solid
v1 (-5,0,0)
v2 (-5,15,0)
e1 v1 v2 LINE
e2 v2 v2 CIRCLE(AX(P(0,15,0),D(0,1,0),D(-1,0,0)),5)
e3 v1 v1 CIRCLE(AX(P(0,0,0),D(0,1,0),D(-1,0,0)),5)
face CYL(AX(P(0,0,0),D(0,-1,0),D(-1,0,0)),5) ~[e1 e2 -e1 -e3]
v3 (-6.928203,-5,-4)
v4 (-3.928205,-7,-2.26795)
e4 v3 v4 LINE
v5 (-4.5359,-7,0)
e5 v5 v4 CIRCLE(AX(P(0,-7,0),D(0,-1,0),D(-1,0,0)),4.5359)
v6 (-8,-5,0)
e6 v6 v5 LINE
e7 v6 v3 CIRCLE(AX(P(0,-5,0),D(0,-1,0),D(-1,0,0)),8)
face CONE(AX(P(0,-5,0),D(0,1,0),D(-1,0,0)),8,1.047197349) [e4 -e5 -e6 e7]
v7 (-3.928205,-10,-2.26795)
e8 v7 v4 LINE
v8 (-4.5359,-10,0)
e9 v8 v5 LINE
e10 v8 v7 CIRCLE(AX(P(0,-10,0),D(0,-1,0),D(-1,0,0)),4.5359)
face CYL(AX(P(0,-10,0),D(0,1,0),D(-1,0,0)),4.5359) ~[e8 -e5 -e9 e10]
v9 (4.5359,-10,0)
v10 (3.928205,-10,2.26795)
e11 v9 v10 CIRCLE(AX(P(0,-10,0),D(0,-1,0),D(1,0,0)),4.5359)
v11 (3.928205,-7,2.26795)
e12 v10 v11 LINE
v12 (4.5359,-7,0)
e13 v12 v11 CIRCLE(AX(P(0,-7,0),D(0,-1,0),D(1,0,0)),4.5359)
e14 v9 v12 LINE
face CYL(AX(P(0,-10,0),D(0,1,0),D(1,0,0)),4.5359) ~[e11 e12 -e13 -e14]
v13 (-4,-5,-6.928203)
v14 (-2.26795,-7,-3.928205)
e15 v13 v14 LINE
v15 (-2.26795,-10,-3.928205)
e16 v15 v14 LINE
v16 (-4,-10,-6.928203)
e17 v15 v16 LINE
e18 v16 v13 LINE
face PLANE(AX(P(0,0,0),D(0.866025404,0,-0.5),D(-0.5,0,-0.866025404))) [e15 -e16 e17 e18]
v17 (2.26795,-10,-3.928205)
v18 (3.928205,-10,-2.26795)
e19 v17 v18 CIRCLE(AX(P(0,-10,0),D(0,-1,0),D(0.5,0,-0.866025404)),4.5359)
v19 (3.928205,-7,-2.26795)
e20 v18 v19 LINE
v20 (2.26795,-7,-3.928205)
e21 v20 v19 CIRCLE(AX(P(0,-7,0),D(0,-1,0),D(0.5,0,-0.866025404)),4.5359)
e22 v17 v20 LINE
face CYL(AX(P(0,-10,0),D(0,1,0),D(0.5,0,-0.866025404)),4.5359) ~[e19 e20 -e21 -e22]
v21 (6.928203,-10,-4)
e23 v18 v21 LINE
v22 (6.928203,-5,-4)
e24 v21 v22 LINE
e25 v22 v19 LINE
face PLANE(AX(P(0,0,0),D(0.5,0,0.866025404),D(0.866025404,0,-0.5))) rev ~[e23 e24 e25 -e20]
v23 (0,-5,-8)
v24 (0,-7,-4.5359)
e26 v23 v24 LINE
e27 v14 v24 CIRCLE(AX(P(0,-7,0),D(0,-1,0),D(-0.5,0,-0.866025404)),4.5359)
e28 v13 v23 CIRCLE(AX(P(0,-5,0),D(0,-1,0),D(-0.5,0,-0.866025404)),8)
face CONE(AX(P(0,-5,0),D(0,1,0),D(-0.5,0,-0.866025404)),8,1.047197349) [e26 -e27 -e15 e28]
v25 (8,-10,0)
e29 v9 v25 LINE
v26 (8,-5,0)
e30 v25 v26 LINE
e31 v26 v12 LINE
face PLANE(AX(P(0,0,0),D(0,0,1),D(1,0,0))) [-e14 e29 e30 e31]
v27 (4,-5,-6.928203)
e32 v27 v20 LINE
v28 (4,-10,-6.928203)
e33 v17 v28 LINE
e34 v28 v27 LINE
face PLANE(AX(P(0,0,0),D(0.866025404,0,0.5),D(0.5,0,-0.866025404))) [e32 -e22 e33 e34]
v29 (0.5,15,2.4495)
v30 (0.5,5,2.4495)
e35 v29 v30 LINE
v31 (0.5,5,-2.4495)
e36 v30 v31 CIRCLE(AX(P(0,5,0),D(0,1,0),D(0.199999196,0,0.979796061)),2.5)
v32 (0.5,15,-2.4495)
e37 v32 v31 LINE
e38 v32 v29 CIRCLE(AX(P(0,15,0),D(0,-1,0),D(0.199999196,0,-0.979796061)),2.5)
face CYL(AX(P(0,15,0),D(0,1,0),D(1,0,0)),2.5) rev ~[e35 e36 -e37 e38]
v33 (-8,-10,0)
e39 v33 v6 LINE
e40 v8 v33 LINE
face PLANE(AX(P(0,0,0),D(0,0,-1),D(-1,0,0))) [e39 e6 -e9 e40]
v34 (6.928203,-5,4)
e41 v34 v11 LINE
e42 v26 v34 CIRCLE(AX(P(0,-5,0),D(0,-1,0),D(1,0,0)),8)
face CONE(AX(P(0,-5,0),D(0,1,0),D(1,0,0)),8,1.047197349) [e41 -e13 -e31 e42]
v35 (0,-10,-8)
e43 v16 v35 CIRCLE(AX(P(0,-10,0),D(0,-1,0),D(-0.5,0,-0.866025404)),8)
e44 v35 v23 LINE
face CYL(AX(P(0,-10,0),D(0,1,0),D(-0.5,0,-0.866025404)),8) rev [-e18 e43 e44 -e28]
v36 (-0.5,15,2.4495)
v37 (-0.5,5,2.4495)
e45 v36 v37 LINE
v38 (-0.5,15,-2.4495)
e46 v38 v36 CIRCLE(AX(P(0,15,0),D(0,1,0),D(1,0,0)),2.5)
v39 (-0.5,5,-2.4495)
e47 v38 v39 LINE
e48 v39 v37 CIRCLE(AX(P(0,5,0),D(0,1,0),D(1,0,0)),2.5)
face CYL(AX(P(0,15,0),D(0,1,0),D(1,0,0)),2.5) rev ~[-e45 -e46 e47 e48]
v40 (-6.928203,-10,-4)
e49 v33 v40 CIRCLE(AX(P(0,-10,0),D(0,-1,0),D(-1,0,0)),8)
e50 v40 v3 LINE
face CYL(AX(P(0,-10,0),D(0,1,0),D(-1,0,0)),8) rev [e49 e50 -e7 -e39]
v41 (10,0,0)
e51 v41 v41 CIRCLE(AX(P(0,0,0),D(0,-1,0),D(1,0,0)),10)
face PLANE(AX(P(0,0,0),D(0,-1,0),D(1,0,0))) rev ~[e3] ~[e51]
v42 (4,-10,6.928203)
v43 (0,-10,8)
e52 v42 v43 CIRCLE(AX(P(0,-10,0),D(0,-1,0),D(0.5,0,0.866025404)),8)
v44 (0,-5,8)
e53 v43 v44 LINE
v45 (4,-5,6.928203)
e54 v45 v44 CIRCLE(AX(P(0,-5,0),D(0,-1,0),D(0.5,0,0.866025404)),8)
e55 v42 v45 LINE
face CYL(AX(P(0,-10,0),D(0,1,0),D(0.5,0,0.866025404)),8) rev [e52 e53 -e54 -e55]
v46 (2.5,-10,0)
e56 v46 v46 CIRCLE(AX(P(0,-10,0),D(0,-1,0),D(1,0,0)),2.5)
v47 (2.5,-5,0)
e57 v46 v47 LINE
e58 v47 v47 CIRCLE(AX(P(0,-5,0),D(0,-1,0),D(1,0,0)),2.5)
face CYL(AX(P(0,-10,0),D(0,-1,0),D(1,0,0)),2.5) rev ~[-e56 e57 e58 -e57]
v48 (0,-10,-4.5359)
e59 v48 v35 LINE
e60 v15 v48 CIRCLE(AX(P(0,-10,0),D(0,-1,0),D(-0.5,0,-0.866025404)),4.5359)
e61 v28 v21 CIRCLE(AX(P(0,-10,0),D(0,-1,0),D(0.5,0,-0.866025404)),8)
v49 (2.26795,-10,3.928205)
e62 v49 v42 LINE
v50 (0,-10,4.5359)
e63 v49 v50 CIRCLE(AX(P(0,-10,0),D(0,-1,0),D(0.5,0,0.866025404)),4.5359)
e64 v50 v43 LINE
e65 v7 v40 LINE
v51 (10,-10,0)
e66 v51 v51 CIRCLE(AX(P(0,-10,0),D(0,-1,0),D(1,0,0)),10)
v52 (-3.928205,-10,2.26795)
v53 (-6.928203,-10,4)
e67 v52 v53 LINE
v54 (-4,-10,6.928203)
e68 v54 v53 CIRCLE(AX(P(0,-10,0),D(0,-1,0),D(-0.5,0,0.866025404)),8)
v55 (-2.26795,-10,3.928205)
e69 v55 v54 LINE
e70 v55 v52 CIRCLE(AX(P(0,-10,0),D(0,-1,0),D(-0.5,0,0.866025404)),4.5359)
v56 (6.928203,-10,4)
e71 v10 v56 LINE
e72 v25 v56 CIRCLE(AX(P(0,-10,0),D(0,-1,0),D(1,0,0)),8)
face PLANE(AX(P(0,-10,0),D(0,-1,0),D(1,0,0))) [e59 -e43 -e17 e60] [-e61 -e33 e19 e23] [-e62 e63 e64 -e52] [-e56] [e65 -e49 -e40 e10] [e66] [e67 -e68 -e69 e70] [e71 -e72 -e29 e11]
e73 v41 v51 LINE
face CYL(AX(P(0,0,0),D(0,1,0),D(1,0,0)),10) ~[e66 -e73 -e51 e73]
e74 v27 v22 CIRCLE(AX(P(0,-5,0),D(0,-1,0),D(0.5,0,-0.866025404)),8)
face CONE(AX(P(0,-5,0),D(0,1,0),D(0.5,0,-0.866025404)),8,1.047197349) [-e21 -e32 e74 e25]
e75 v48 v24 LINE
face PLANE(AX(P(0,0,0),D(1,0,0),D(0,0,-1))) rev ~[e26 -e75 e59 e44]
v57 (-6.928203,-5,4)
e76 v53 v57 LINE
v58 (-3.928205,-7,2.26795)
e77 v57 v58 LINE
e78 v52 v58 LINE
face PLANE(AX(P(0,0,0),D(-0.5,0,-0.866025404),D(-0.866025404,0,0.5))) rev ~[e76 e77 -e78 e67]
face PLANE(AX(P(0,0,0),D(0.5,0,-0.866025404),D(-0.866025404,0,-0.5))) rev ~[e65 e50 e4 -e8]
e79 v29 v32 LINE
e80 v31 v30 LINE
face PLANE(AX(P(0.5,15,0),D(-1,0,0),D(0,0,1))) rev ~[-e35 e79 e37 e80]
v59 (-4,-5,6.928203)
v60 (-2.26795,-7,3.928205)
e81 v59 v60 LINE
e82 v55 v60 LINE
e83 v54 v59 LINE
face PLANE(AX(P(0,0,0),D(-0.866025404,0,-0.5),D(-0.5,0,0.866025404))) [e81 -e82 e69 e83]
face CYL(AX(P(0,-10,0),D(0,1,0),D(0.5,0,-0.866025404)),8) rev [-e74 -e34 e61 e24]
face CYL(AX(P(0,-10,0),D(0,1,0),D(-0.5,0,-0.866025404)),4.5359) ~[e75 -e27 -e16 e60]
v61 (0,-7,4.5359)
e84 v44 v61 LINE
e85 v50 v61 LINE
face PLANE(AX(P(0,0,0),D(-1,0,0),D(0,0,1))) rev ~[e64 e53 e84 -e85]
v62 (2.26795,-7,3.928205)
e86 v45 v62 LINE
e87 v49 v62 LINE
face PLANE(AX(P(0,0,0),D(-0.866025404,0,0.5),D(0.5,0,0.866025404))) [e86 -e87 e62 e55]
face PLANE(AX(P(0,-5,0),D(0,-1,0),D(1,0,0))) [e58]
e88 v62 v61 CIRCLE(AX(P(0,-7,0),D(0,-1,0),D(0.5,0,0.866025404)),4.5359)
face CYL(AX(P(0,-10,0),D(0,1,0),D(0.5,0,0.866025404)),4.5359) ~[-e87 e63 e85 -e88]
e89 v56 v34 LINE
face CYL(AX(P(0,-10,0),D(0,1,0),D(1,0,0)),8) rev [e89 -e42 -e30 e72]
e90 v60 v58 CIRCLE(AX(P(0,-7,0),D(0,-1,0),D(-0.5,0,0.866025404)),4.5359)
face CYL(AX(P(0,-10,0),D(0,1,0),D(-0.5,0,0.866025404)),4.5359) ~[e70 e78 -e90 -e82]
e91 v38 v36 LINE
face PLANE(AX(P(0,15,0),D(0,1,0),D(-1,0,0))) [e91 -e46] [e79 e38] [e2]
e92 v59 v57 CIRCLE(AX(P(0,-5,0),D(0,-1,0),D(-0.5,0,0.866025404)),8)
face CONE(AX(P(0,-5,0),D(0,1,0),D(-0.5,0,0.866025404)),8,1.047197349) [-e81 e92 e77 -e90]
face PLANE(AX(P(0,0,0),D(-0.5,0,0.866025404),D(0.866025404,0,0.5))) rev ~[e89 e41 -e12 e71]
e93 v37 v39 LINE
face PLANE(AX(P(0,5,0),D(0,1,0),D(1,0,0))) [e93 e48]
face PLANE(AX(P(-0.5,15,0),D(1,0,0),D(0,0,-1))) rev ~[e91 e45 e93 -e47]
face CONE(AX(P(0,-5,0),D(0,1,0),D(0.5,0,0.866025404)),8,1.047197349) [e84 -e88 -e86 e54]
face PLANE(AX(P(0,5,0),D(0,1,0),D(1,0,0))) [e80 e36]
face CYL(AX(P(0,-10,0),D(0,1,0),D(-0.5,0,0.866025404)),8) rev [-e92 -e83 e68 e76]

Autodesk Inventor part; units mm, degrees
ref_plane "YZ Plane" through (0, 0, 0) normal (1, 0, 0) x (0, 1, 0)
ref_plane "XZ Plane" through (0, 0, 0) normal (0, 1, 0) x (-1, 0, 0)
ref_plane "XY Plane" through (0, 0, 0) normal (0, 0, 1) x (1, 0, 0)
sketch "Sketch1" plane through (0, 0, 0) normal (0, 1, 0) x (-1, 0, 0)
  circle A0 centre (0, 0) radius 5
  dimension "d1" = 10
extrude "Extrusion1" add sketch "Sketch1" along normal blind 15
sketch "Sketch2" plane through (0, 15, 0) normal (0, 1, 0) x (1, 0, 0)
  circle A0 centre (0, 0) radius 2.5
  line L0 (0, 0) -> (-0.5, 0)
  line L1 (-0.5, 0) -> (-0.5, -2.4495)
  line L2 (-0.5, 0) -> (-0.5, 2.4495)
  line L3 (0, 0) -> (0, 2.5)
  line L4 (0.5, 0) -> (0.5, -2.4495)
  line L5 (0.5, 0) -> (0.5, 2.4495)
  dimension "d4" = 5
  dimension "d5" = 0.5
extrude "Extrusion2" cut sketch "Sketch2" against normal blind 10 contours A0 L4 L5 | A0 L2 L1
sketch "Sketch3" plane through (0, 0, 0) normal (0, -1, 0) x (1, 0, 0)
  circle A0 centre (0, 0) radius 10
  dimension "d8" = 20
extrude "Extrusion3" add sketch "Sketch3" along normal blind 10
sketch "Sketch5" plane through (0, -10, 0) normal (0, -1, 0) x (1, 0, 0)
  circle A0 centre (0, 0) radius 2.5
extrude "Extrusion4" cut sketch "Sketch5" against normal blind 5
sketch "Sketch6" plane through (0, 0, 0) normal (0, 0, 1) x (1, 0, 0)
  line L0 (-10, -10) -> (10, -10) projected
  line L1 (10, -10) -> (8, -10)
  line L2 (8, -10) -> (8, -5)
  line L3 (2.5359, -10) -> (4.5359, -10)
  line L4 (4.5359, -10) -> (4.5359, -5)
  line L5 (4.5359, -5) -> (8, -5)
  line L6 (8, -5) -> (4.5359, -7)
  line L7 (0, -15) -> (0, 20) projected
  point P0 (0, 0)
  dimension "d13" = 2
  dimension "d14" = 2
  dimension "d15" = 4
  dimension "d16" = 30
  dimension "d17" = 2
revolve "Revolution1" cut sketch "Sketch6" angle 30 about axis through (0, -10, 0) along (0, -1, 0) contours L4 L6 L2 L0
pattern_circular "Circular Pattern1" count 6 over 360 about axis through (0, -10, 0) along (0, 1, 0) of "Revolution1"
properties part number "pot başlık"
